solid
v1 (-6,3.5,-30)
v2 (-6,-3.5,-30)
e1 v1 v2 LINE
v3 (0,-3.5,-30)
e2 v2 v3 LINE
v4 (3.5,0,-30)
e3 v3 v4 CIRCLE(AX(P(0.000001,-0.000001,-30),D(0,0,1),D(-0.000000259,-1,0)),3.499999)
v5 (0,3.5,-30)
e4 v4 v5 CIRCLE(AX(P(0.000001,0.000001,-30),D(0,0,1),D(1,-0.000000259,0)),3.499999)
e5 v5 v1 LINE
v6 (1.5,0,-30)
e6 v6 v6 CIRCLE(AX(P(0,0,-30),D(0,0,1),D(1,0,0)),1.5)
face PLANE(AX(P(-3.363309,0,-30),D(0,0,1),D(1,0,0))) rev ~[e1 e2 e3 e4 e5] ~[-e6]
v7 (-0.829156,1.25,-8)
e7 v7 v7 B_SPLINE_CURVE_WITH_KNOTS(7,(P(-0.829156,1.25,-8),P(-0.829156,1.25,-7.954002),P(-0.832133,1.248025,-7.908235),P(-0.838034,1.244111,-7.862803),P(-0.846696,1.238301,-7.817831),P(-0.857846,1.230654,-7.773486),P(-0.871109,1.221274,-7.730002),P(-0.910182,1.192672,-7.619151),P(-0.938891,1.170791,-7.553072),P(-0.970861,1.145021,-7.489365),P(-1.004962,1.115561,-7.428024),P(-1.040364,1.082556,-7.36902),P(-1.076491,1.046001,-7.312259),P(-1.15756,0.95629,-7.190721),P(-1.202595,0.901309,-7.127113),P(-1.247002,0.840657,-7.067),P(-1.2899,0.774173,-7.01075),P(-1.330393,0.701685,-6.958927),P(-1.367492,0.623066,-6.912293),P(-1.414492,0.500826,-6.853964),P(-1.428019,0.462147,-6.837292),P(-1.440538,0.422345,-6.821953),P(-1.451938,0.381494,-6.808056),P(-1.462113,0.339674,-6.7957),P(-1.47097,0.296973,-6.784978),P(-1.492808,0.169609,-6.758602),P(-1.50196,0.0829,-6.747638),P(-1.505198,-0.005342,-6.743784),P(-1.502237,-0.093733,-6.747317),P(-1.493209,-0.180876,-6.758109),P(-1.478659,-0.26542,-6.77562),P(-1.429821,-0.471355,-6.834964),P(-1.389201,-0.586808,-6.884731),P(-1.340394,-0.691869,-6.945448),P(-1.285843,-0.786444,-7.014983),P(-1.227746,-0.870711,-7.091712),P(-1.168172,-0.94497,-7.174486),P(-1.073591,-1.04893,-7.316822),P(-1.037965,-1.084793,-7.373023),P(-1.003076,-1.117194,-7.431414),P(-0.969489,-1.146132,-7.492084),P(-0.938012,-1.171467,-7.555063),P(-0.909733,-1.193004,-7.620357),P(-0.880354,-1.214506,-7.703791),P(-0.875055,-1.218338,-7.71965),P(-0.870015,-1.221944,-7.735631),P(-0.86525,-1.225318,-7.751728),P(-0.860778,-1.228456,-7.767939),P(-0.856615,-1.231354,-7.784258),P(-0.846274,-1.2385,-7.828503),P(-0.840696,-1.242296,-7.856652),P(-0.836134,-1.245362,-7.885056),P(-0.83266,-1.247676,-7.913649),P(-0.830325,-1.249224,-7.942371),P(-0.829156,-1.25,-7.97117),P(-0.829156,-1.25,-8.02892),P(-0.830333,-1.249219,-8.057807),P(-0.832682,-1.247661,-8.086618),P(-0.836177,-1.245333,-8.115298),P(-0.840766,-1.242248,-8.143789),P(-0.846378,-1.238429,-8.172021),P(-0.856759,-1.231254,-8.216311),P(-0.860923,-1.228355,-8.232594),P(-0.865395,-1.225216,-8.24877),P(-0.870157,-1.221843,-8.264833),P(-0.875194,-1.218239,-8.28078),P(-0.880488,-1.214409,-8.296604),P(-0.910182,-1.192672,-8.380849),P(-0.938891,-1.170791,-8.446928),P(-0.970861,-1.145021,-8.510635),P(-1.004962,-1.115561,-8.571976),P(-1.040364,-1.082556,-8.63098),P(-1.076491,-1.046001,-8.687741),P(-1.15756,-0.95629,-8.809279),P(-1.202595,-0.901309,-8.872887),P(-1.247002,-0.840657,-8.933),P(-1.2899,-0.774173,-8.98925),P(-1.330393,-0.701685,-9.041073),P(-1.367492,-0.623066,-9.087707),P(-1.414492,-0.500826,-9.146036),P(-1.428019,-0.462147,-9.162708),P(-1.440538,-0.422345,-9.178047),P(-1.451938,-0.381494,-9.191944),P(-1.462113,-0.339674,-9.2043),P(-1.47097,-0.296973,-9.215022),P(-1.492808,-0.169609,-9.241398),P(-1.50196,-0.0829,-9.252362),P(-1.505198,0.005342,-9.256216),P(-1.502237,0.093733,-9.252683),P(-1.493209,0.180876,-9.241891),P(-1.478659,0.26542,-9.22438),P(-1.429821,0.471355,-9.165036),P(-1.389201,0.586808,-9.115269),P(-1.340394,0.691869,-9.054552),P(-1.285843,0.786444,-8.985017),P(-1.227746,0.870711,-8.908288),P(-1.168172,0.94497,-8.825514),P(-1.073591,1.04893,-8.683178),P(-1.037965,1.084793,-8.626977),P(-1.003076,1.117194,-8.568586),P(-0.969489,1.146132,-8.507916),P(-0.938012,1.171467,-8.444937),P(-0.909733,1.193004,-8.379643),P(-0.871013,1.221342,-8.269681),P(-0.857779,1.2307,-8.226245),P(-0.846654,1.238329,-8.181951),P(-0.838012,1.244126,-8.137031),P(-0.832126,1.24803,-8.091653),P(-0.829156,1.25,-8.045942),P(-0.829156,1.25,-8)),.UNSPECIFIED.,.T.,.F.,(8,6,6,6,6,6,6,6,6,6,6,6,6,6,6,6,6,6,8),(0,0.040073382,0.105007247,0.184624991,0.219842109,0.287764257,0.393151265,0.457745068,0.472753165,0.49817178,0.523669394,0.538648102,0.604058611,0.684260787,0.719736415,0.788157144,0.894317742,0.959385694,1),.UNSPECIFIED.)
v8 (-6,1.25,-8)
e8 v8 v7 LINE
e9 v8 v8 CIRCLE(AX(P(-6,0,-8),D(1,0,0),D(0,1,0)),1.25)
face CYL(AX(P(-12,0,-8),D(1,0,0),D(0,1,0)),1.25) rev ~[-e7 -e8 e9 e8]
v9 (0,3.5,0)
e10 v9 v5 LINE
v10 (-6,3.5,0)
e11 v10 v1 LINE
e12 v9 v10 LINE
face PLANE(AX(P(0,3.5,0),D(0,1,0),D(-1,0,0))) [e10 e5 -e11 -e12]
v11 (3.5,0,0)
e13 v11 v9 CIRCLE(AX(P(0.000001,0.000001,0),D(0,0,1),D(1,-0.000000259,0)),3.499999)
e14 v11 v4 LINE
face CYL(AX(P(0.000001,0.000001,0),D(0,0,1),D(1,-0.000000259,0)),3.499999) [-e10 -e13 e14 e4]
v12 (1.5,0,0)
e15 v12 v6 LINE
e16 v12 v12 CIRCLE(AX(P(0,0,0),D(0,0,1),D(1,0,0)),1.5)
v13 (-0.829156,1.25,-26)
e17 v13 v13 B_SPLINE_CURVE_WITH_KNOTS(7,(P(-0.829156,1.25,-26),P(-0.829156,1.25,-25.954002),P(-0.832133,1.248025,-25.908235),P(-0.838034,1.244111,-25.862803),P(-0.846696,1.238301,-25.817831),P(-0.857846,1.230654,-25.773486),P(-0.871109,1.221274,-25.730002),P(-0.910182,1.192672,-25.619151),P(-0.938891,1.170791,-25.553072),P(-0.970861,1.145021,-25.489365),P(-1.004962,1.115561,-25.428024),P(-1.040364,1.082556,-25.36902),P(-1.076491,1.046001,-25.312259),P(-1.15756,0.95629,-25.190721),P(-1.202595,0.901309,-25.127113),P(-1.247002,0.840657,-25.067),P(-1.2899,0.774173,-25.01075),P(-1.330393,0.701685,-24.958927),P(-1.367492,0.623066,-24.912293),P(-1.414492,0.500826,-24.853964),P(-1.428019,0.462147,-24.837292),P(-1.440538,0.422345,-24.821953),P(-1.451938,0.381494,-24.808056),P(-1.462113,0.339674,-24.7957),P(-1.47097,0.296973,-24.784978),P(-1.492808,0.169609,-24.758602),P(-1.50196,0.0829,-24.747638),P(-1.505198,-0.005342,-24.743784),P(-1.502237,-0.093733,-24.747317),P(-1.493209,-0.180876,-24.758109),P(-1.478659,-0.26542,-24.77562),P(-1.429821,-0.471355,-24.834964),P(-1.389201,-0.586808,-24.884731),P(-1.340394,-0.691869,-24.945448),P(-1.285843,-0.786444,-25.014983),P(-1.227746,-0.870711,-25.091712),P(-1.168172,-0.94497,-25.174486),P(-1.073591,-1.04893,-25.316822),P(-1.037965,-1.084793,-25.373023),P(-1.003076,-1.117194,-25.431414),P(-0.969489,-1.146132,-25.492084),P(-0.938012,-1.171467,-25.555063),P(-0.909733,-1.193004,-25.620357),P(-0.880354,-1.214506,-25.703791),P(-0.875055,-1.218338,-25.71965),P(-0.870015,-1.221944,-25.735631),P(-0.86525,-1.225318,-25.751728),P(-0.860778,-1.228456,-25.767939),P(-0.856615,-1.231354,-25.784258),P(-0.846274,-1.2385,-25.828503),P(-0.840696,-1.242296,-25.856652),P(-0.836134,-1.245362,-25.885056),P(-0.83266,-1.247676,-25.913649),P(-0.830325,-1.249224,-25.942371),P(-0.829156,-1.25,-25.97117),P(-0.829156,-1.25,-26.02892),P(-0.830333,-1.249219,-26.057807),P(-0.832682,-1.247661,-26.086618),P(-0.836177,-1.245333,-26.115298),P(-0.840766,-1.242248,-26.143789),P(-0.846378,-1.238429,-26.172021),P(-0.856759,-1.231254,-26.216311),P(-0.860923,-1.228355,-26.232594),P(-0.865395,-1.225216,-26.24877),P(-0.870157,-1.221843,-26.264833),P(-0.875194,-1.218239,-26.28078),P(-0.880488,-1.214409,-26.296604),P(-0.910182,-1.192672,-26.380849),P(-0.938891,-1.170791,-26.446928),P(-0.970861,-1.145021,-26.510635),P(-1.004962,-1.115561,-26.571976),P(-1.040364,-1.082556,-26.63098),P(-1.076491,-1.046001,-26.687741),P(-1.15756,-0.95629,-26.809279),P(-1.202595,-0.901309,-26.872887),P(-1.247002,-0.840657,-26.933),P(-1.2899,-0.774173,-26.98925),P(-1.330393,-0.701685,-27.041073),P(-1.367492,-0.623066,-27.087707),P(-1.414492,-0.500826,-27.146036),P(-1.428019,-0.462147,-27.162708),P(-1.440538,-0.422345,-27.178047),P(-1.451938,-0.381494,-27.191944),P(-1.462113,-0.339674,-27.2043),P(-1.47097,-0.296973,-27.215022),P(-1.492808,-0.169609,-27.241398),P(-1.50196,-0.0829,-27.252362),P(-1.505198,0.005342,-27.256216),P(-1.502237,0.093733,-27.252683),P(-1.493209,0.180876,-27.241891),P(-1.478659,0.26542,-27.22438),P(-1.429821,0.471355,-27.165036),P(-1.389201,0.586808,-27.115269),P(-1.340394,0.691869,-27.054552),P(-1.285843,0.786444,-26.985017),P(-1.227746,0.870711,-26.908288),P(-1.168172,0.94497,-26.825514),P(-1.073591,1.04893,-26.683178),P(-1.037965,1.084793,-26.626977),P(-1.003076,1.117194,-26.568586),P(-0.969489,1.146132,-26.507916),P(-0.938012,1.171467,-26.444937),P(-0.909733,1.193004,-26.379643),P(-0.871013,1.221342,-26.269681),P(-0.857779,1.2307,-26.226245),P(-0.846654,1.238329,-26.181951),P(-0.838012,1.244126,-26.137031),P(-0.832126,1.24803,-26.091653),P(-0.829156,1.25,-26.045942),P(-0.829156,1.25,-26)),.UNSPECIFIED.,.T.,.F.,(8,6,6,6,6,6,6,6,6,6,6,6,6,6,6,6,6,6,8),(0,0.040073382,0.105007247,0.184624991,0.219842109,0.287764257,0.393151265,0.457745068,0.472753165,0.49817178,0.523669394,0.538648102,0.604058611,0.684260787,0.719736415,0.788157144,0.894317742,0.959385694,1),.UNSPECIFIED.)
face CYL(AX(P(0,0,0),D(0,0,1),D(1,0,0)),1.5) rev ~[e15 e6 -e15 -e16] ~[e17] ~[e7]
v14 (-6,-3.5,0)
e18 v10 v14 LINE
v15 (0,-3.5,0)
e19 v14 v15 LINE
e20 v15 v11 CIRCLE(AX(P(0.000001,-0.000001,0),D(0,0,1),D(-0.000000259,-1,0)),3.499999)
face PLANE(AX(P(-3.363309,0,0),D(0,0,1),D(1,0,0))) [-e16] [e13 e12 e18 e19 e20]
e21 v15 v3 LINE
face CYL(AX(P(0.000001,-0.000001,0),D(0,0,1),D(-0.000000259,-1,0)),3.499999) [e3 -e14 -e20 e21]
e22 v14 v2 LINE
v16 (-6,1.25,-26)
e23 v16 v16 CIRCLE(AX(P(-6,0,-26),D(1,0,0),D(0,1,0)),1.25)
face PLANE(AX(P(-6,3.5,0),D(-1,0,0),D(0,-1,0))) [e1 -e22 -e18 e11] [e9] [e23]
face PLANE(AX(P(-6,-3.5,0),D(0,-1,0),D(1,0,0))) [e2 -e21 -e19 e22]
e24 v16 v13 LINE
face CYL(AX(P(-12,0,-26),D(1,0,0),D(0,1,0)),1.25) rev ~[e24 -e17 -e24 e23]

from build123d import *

# Parameters (mm, degrees)
F0_R     = 1.5
F1_DEPTH = 30
F3_D     = 2.5
F3_DEPTH = 6


with BuildPart() as f1:
    # F0 (on Top) → F1 (new body)
    with BuildSketch(Plane.XY):
        with BuildLine():
            ThreePointArc((0, -3.5), (-3.5, 0), (0, 3.5))
            Line((0, 3.5), (-6, 3.5))
            Line((-6, 3.5), (-6, -3.5))
            Line((-6, -3.5), (0, -3.5))
        make_face()
        with BuildLine():
            ThreePointArc((0, -3.5), (2.474874, -2.474874), (3.5, 0))
            ThreePointArc((3.5, 0), (2.474874, 2.474874), (0, 3.5))
            ThreePointArc((0, 3.5), (-3.5, 0), (0, -3.5))
        make_face()
        Circle(F0_R, mode=Mode.SUBTRACT)
    extrude(amount=-F1_DEPTH)

    # F3
    with Locations(Plane(origin=(-6, 0, 0), x_dir=(0, -1, 0), z_dir=(-1, 0, 0))):
        with Locations((0, -26), (0, -8)):
            Hole(F3_D / 2, depth=F3_DEPTH)


solid = f1.part
